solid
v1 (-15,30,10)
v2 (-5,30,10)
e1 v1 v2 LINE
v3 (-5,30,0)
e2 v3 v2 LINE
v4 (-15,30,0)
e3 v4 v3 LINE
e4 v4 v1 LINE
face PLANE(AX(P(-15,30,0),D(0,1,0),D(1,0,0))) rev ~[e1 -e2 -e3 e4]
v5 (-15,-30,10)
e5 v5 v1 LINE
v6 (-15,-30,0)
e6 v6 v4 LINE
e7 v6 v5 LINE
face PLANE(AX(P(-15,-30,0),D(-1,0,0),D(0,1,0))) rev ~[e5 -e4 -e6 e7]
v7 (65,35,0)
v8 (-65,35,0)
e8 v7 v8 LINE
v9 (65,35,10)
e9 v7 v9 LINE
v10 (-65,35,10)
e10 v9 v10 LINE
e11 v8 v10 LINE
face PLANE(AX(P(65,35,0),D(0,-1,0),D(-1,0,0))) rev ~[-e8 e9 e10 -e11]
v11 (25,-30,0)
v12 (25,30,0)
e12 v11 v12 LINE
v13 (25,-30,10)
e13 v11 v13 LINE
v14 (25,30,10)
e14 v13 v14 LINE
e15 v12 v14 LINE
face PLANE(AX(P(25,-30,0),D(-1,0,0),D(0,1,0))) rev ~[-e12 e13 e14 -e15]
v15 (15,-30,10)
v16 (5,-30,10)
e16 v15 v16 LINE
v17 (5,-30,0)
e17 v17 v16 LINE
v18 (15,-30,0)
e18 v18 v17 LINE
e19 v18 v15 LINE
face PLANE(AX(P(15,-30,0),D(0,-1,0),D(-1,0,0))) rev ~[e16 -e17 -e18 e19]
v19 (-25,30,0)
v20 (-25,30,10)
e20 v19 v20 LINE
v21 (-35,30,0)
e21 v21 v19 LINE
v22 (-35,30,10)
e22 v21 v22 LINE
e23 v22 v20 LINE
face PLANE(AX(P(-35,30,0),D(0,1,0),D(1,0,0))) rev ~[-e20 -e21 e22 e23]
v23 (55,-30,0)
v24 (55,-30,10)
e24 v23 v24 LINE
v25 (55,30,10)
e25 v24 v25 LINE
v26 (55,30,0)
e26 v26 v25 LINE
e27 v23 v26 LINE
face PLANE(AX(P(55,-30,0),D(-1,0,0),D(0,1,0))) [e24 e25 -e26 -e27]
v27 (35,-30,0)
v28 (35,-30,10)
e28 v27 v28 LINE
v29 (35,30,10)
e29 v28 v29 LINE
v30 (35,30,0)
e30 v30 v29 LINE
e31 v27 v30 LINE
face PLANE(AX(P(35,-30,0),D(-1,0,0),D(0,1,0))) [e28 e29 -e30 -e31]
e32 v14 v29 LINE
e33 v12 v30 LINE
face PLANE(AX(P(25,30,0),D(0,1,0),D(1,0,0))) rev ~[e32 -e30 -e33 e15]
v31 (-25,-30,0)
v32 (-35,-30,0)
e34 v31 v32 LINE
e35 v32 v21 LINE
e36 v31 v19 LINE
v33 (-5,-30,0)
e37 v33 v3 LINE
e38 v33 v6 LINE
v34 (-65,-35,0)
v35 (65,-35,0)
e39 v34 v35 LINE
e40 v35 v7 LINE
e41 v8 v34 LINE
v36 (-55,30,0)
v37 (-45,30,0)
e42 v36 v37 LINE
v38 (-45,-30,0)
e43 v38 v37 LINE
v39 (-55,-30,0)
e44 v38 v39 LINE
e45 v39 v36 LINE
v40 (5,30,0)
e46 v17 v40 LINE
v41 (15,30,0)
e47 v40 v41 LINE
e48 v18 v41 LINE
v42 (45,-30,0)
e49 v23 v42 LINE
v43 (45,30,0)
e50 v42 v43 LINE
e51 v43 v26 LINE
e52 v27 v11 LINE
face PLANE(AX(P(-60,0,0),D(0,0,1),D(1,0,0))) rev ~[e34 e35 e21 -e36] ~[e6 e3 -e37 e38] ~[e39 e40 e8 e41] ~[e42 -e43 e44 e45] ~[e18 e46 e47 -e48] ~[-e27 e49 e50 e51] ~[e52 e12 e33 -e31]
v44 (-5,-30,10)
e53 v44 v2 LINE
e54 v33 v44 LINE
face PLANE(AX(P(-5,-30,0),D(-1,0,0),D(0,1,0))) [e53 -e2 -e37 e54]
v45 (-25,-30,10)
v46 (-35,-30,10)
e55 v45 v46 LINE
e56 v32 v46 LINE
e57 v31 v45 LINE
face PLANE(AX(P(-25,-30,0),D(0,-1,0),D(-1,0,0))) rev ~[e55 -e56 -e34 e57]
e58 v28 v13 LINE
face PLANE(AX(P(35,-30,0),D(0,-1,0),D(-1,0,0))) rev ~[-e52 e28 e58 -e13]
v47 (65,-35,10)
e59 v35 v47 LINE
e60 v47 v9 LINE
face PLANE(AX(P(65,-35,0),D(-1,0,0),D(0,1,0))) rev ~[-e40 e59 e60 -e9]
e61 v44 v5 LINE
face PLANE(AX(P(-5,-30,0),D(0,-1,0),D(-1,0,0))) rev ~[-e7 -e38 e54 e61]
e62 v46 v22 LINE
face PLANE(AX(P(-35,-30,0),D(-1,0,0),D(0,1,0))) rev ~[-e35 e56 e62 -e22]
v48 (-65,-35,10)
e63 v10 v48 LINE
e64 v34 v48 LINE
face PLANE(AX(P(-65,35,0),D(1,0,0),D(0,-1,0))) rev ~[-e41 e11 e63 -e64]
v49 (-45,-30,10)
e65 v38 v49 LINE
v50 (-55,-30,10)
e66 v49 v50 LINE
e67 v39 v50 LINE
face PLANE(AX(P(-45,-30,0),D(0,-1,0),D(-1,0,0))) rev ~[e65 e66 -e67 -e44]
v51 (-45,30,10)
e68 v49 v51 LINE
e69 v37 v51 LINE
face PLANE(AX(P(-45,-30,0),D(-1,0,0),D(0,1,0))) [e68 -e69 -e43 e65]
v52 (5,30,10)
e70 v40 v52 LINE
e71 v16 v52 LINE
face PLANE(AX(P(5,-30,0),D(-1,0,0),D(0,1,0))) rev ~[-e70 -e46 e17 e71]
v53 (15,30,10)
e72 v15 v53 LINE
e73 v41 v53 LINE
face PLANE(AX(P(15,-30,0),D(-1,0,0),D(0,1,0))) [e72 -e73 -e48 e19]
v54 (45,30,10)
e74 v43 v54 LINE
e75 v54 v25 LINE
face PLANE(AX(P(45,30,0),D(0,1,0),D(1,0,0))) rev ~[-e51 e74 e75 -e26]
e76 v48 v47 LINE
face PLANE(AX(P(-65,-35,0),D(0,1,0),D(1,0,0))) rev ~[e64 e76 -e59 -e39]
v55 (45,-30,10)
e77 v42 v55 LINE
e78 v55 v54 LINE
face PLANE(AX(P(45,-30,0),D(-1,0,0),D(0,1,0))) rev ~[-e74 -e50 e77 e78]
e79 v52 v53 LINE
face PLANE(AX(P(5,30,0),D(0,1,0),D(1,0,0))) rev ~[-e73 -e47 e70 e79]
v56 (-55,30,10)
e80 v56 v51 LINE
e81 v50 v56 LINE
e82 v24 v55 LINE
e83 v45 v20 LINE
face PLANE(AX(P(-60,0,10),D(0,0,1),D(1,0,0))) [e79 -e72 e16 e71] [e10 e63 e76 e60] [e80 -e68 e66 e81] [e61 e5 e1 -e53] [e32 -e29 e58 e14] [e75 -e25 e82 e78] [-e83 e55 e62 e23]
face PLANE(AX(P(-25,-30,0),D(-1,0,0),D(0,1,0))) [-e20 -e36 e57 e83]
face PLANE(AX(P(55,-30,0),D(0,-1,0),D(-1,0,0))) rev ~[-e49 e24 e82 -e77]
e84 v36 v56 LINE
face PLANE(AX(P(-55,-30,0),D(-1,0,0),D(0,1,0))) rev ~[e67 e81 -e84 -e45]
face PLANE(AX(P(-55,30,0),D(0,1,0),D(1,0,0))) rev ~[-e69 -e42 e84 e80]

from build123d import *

# Parameters (mm, degrees)
F0_W     = 10
F0_H     = 60
F1_DEPTH = 10


with BuildPart() as f1:
    # F0 (on Top) → F1 (new body)
    with BuildSketch(Plane.XY):
        with Locations((-60, 0)):
            Rectangle(F0_W, F0_H)
        with Locations((-40, 0)):
            Rectangle(F0_W, F0_H)
        Polygon((65, 30), (65, 35), (-65, 35), (-65, 30), (-55, 30), (-45, 30), (-35, 30), (-25, 30), (-15, 30), (-5, 30), (5, 30), (15, 30), (25, 30), (35, 30), (45, 30), (55, 30), align=None)
        with Locations((-20, 0)):
            Rectangle(F0_W, F0_H)
        Rectangle(F0_W, F0_H)
        with Locations((20, 0)):
            Rectangle(F0_W, F0_H)
        with Locations((40, 0)):
            Rectangle(F0_W, F0_H)
        with Locations((60, 0)):
            Rectangle(F0_W, F0_H)
        Polygon((65, -35), (65, -30), (55, -30), (45, -30), (35, -30), (25, -30), (15, -30), (5, -30), (-5, -30), (-15, -30), (-25, -30), (-35, -30), (-45, -30), (-55, -30), (-65, -30), (-65, -35), align=None)
    extrude(amount=F1_DEPTH)


solid = f1.part
